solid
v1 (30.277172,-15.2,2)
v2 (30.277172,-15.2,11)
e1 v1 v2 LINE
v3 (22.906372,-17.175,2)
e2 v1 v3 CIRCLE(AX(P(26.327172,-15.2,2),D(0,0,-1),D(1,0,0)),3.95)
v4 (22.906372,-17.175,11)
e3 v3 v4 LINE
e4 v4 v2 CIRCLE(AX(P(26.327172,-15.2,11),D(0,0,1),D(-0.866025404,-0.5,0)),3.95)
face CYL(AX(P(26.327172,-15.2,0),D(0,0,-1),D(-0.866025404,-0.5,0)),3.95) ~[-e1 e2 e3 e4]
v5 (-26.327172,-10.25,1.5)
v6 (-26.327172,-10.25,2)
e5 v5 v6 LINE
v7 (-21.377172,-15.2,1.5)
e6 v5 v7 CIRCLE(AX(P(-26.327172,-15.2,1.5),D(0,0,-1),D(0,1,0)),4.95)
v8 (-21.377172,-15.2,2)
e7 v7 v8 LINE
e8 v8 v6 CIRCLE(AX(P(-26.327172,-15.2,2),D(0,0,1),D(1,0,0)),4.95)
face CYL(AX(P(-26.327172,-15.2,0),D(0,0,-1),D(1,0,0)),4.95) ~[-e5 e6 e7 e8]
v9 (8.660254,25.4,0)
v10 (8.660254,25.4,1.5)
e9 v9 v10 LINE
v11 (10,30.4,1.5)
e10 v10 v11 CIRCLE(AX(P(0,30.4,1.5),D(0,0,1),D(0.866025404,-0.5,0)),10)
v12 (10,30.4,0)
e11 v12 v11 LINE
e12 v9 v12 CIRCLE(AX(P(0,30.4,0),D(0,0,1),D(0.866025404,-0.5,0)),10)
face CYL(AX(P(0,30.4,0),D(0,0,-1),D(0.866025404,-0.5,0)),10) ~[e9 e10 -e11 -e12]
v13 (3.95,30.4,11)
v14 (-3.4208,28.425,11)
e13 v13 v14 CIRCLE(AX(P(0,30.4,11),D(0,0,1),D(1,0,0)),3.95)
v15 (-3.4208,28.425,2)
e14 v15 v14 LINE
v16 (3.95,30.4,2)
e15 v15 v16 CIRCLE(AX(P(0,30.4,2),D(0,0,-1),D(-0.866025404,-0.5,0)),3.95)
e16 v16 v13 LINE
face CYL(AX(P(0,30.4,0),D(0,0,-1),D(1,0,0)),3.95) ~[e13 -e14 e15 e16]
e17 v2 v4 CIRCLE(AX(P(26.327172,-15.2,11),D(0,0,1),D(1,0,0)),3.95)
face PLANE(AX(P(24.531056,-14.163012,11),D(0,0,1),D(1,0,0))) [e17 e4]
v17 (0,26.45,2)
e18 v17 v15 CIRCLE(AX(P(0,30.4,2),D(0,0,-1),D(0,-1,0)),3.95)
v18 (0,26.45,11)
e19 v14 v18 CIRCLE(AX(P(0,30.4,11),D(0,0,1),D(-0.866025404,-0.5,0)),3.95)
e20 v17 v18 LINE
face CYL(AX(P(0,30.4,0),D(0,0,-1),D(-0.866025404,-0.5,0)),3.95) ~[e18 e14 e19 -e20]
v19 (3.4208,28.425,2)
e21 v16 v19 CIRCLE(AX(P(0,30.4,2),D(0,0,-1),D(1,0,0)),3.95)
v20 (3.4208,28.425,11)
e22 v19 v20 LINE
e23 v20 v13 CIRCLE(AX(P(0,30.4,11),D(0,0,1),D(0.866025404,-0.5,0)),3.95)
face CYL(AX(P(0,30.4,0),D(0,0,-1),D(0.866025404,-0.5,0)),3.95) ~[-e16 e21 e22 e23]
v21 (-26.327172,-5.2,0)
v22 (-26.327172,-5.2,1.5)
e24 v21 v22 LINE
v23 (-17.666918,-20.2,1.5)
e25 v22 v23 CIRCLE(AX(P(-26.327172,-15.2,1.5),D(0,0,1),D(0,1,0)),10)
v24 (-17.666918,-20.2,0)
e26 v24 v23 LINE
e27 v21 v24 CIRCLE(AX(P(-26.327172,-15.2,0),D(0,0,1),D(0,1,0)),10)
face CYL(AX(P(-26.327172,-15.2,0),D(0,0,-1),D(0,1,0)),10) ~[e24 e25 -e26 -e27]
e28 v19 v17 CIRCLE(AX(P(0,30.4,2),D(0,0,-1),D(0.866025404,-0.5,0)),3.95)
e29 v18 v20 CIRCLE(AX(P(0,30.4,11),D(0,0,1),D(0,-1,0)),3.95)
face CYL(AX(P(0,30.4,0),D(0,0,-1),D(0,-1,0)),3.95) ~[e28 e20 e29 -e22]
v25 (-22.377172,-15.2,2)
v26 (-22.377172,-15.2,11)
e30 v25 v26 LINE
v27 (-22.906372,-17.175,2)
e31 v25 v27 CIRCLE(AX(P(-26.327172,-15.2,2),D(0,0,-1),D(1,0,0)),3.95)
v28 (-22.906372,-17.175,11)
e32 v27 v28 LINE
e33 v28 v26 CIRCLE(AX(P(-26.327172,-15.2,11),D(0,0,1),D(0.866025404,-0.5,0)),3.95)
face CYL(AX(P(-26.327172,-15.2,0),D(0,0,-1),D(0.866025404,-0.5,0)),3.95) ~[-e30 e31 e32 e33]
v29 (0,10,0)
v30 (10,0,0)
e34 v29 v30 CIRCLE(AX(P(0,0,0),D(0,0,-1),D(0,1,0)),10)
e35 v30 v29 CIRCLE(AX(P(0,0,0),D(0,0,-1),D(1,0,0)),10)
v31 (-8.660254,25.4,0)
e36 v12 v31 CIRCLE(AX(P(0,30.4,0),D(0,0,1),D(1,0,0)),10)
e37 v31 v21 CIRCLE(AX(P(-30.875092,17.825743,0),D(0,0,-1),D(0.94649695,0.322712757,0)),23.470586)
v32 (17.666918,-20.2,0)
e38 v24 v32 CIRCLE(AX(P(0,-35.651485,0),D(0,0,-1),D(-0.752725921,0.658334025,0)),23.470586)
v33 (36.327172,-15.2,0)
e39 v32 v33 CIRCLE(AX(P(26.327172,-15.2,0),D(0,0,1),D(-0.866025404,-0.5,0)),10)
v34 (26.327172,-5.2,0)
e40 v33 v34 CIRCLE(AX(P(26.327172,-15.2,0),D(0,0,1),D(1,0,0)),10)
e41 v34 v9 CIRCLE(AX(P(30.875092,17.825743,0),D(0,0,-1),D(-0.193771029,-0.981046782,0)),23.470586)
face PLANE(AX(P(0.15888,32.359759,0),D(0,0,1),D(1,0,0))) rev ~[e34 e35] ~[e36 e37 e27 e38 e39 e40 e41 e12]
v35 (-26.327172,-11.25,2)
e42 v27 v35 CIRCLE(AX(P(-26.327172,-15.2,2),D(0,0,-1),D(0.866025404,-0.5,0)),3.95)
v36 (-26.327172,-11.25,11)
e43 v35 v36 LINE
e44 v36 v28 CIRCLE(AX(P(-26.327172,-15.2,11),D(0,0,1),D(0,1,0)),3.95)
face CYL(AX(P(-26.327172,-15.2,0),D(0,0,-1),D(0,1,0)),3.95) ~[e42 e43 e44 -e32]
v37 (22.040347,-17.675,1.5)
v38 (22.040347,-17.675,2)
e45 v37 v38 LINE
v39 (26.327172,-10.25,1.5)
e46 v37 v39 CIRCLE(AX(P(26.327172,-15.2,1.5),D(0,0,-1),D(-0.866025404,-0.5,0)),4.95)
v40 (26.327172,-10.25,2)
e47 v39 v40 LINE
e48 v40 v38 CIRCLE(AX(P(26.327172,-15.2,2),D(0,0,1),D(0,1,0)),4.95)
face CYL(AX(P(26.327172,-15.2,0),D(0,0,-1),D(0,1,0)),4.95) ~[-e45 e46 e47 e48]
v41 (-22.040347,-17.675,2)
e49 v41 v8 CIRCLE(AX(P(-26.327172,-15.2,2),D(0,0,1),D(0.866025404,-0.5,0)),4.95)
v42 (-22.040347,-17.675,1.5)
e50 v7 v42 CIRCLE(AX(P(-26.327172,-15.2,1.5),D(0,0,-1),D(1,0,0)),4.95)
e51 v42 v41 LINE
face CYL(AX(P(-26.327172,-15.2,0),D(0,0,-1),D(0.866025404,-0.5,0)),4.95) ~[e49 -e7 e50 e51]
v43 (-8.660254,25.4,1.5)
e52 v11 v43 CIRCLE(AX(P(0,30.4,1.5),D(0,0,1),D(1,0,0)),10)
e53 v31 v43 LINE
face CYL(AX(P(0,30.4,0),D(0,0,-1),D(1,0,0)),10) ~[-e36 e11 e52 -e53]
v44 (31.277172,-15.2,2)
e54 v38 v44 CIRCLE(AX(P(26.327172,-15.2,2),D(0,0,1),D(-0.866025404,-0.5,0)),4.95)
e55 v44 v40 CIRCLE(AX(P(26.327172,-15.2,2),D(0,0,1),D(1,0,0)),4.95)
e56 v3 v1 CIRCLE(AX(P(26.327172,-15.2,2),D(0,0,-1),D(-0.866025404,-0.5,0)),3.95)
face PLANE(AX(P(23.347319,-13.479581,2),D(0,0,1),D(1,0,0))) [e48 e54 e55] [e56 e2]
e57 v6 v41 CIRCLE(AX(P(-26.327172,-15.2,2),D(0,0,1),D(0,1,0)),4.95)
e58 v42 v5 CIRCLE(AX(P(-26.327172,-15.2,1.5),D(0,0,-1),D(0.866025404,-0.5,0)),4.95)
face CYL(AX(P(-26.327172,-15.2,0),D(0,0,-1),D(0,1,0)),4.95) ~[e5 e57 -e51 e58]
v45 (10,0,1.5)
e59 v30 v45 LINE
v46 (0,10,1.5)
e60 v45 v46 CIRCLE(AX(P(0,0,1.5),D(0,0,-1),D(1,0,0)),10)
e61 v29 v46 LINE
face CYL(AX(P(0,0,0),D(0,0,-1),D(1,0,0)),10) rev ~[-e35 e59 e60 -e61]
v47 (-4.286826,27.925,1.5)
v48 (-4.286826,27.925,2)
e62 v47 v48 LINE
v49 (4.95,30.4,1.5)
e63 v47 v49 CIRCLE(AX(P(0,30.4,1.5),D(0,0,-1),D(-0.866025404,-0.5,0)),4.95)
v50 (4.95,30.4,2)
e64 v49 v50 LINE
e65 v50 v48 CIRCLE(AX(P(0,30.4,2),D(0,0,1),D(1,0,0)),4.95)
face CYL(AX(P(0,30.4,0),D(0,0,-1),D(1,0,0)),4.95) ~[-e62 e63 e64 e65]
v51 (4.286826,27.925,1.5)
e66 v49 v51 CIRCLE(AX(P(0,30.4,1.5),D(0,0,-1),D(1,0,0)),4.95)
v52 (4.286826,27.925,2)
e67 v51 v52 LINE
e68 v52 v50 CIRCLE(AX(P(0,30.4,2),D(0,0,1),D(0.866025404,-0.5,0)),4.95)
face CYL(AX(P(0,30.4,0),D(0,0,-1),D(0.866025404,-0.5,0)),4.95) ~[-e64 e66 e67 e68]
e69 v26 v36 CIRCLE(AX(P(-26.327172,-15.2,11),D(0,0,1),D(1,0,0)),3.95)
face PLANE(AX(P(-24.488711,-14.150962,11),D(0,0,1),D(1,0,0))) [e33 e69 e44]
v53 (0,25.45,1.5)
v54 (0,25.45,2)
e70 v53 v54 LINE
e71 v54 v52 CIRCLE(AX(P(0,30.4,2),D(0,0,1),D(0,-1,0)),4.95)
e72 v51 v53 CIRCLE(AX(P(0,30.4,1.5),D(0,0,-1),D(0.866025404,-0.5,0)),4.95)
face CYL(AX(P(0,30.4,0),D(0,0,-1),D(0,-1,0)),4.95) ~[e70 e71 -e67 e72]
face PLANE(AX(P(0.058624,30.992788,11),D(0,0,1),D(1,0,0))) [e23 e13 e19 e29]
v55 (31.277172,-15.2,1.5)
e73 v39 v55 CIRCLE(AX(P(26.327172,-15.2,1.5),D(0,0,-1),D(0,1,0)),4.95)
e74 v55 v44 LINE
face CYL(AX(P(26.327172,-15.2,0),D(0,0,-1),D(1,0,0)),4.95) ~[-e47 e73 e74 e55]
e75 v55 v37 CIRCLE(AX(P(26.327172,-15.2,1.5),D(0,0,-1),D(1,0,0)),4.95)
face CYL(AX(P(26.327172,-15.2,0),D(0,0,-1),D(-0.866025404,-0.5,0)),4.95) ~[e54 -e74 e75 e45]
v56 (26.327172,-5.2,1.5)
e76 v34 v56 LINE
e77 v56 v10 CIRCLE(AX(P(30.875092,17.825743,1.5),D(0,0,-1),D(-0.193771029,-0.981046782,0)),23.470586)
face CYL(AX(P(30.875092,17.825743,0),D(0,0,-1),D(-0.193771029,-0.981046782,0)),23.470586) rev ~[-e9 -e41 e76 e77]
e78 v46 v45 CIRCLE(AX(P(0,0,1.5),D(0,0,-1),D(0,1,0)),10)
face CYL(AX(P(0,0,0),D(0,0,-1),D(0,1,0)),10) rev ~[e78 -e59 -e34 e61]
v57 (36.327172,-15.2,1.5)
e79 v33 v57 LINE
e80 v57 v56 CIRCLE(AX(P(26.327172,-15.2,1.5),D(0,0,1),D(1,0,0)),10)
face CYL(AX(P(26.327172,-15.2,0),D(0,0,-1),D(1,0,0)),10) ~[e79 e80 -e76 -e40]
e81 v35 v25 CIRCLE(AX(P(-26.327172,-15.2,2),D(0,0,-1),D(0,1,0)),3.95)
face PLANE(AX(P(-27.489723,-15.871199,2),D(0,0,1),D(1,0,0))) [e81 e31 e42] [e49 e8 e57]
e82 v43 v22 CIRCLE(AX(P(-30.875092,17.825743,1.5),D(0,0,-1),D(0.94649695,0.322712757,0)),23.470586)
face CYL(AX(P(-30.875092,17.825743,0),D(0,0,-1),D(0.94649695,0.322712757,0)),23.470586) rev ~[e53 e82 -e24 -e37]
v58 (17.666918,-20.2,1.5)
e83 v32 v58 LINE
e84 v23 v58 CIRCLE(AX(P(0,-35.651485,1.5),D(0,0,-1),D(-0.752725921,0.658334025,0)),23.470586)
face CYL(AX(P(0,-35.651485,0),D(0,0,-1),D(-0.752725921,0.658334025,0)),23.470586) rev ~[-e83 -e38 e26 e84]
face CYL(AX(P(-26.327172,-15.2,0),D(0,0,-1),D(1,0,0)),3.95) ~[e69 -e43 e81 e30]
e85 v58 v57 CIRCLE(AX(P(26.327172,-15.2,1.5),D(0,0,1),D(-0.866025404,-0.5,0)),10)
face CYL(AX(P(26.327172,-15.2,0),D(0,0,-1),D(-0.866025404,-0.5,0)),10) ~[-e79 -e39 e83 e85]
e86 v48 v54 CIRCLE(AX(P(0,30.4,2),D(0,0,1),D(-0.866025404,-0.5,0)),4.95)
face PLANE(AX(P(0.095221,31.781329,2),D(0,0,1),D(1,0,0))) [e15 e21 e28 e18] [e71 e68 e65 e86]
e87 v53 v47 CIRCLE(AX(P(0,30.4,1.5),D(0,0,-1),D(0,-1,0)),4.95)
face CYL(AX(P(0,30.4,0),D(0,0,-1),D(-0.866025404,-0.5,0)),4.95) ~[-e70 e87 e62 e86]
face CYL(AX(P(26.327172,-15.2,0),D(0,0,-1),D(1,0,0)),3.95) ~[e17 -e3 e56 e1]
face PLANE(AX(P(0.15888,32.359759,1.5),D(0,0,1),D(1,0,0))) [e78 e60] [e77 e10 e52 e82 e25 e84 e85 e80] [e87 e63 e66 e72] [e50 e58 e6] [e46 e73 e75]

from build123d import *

# Parameters (mm, degrees)
F1_DEPTH = 1.5
F2_DEPTH = 2
F3_DEPTH = 11


with BuildPart() as f1:
    # F0 (on Top) → F1 (new body)
    with BuildSketch(Plane.XY):
        with BuildLine():
            ThreePointArc((10, 30.4), (-2.588190451, 40.0592582629), (-8.6602540378, 25.4))
            Line((-8.6602540378, 25.4), (-4.2868257487, 27.925))
            ThreePointArc((-4.2868257487, 27.925), (-1.2811542733, 35.1813328401), (4.95, 30.4))
            ThreePointArc((4.95, 30.4), (4.7813328401, 29.1188457267), (4.2868257487, 27.925))
            Line((4.2868257487, 27.925), (8.6602540378, 25.4))
            ThreePointArc((8.6602540378, 25.4), (9.6592582629, 27.811809549), (10, 30.4))
        make_face()
        with BuildLine():
            Line((0, 25.45), (0, 20.4))
            ThreePointArc((0, 20.4), (5, 21.7397459622), (8.6602540378, 25.4))
            Line((8.6602540378, 25.4), (4.2868257487, 27.925))
            ThreePointArc((4.2868257487, 27.925), (2.475, 26.1131742513), (0, 25.45))
        make_face()
        with BuildLine():
            ThreePointArc((-8.6602540378, 25.4), (-5, 21.7397459622), (0, 20.4))
            Line((0, 20.4), (0, 25.45))
            ThreePointArc((0, 25.45), (-2.475, 26.1131742513), (-4.2868257487, 27.925))
            Line((-4.2868257487, 27.925), (-8.6602540378, 25.4))
        make_face()
        with BuildLine():
            ThreePointArc((8.6602540378, 25.4), (5, 21.7397459622), (0, 20.4))
            ThreePointArc((0, 20.4), (-5, 21.7397459622), (-8.6602540378, 25.4))
            ThreePointArc((-8.6602540378, 25.4), (-10.5489683598, 6.0904497222), (-26.327172275, -5.2))
            ThreePointArc((-26.327172275, -5.2), (-19.2561044632, -8.1289321881), (-16.327172275, -15.2))
            ThreePointArc((-16.327172275, -15.2), (-16.6679140122, -17.788190451), (-17.6669182372, -20.2))
            ThreePointArc((-17.6669182372, -20.2), (0, -12.1808994444), (17.6669182372, -20.2))
            ThreePointArc((17.6669182372, -20.2), (17.6669182372, -10.2), (26.327172275, -5.2))
            ThreePointArc((26.327172275, -5.2), (10.5489683598, 6.0904497222), (8.6602540378, 25.4))
        make_face()
        with BuildLine():
            ThreePointArc((0, 10), (7.0710678119, 7.0710678119), (10, 0))
            ThreePointArc((10, 0), (-7.0710678119, -7.0710678119), (0, 10))
        make_face(mode=Mode.SUBTRACT)
        with BuildLine():
            ThreePointArc((-16.327172275, -15.2), (-19.2561044632, -8.1289321881), (-26.327172275, -5.2))
            Line((-26.327172275, -5.2), (-26.327172275, -10.25))
            ThreePointArc((-26.327172275, -10.25), (-22.8269937082, -11.6998214331), (-21.377172275, -15.2))
            ThreePointArc((-21.377172275, -15.2), (-21.5458394349, -16.4811542733), (-22.0403465263, -17.675))
            Line((-22.0403465263, -17.675), (-17.6669182372, -20.2))
            ThreePointArc((-17.6669182372, -20.2), (-16.6679140122, -17.788190451), (-16.327172275, -15.2))
        make_face()
        with BuildLine():
            Line((-26.327172275, -10.25), (-26.327172275, -5.2))
            ThreePointArc((-26.327172275, -5.2), (-34.9874263129, -20.2), (-17.6669182372, -20.2))
            Line((-17.6669182372, -20.2), (-22.0403465263, -17.675))
            ThreePointArc((-22.0403465263, -17.675), (-30.6139980238, -17.675), (-26.327172275, -10.25))
        make_face()
        with BuildLine():
            ThreePointArc((36.327172275, -15.2), (33.3982400869, -8.1289321881), (26.327172275, -5.2))
            Line((26.327172275, -5.2), (26.327172275, -10.25))
            ThreePointArc((26.327172275, -10.25), (29.8273508419, -11.6998214331), (31.277172275, -15.2))
            ThreePointArc((31.277172275, -15.2), (27.6083265483, -19.9813328401), (22.0403465263, -17.675))
            Line((22.0403465263, -17.675), (17.6669182372, -20.2))
            ThreePointArc((17.6669182372, -20.2), (28.9153627261, -24.8592582629), (36.327172275, -15.2))
        make_face()
        with BuildLine():
            Line((26.327172275, -10.25), (26.327172275, -5.2))
            ThreePointArc((26.327172275, -5.2), (17.6669182372, -10.2), (17.6669182372, -20.2))
            Line((17.6669182372, -20.2), (22.0403465263, -17.675))
            ThreePointArc((22.0403465263, -17.675), (22.0403465263, -12.725), (26.327172275, -10.25))
        make_face()
    extrude(amount=F1_DEPTH)

    # F0 (on Top) → F2 (join)
    with BuildSketch(Plane.XY):
        with BuildLine():
            ThreePointArc((4.95, 30.4), (-1.2811542733, 35.1813328401), (-4.2868257487, 27.925))
            Line((-4.2868257487, 27.925), (-3.4208003449, 28.425))
            ThreePointArc((-3.4208003449, 28.425), (-1.0223352282, 34.2154070138), (3.95, 30.4))
            ThreePointArc((3.95, 30.4), (3.8154070138, 29.3776647718), (3.4208003449, 28.425))
            Line((3.4208003449, 28.425), (4.2868257487, 27.925))
            ThreePointArc((4.2868257487, 27.925), (4.7813328401, 29.1188457267), (4.95, 30.4))
        make_face()
        with BuildLine():
            ThreePointArc((-4.2868257487, 27.925), (-2.475, 26.1131742513), (0, 25.45))
            Line((0, 25.45), (0, 26.45))
            ThreePointArc((0, 26.45), (-1.975, 26.9791996551), (-3.4208003449, 28.425))
            Line((-3.4208003449, 28.425), (-4.2868257487, 27.925))
        make_face()
        with BuildLine():
            Line((0, 26.45), (0, 25.45))
            ThreePointArc((0, 25.45), (2.475, 26.1131742513), (4.2868257487, 27.925))
            Line((4.2868257487, 27.925), (3.4208003449, 28.425))
            ThreePointArc((3.4208003449, 28.425), (1.975, 26.9791996551), (0, 26.45))
        make_face()
        with BuildLine():
            Line((26.327172275, -11.25), (26.327172275, -10.25))
            ThreePointArc((26.327172275, -10.25), (22.0403465263, -12.725), (22.0403465263, -17.675))
            Line((22.0403465263, -17.675), (22.9063719301, -17.175))
            ThreePointArc((22.9063719301, -17.175), (22.9063719301, -13.225), (26.327172275, -11.25))
        make_face()
        with BuildLine():
            ThreePointArc((31.277172275, -15.2), (29.8273508419, -11.6998214331), (26.327172275, -10.25))
            Line((26.327172275, -10.25), (26.327172275, -11.25))
            ThreePointArc((26.327172275, -11.25), (29.1202440607, -12.4069282143), (30.277172275, -15.2))
            ThreePointArc((30.277172275, -15.2), (27.3495075032, -19.0154070138), (22.9063719301, -17.175))
            Line((22.9063719301, -17.175), (22.0403465263, -17.675))
            ThreePointArc((22.0403465263, -17.675), (27.6083265483, -19.9813328401), (31.277172275, -15.2))
        make_face()
        with BuildLine():
            Line((-26.327172275, -11.25), (-26.327172275, -10.25))
            ThreePointArc((-26.327172275, -10.25), (-30.6139980238, -17.675), (-22.0403465263, -17.675))
            Line((-22.0403465263, -17.675), (-22.9063719301, -17.175))
            ThreePointArc((-22.9063719301, -17.175), (-29.74797262, -17.175), (-26.327172275, -11.25))
        make_face()
        with BuildLine():
            ThreePointArc((-21.377172275, -15.2), (-22.8269937082, -11.6998214331), (-26.327172275, -10.25))
            Line((-26.327172275, -10.25), (-26.327172275, -11.25))
            ThreePointArc((-26.327172275, -11.25), (-23.5341004894, -12.4069282143), (-22.377172275, -15.2))
            ThreePointArc((-22.377172275, -15.2), (-22.5117652612, -16.2223352282), (-22.9063719301, -17.175))
            Line((-22.9063719301, -17.175), (-22.0403465263, -17.675))
            ThreePointArc((-22.0403465263, -17.675), (-21.5458394349, -16.4811542733), (-21.377172275, -15.2))
        make_face()
    extrude(amount=F2_DEPTH)

    # F0 (on Top) → F3 (join)
    with BuildSketch(Plane.XY):
        with BuildLine():
            Line((-3.4208003449, 28.425), (0, 30.4))
            Line((0, 30.4), (3.4208003449, 28.425))
            ThreePointArc((3.4208003449, 28.425), (3.8154070138, 29.3776647718), (3.95, 30.4))
            ThreePointArc((3.95, 30.4), (-1.0223352282, 34.2154070138), (-3.4208003449, 28.425))
        make_face()
        with BuildLine():
            ThreePointArc((-3.4208003449, 28.425), (-1.975, 26.9791996551), (0, 26.45))
            Line((0, 26.45), (0, 30.4))
            Line((0, 30.4), (-3.4208003449, 28.425))
        make_face()
        with BuildLine():
            Line((0, 30.4), (0, 26.45))
            ThreePointArc((0, 26.45), (1.975, 26.9791996551), (3.4208003449, 28.425))
            Line((3.4208003449, 28.425), (0, 30.4))
        make_face()
        with BuildLine():
            ThreePointArc((-22.377172275, -15.2), (-23.5341004894, -12.4069282143), (-26.327172275, -11.25))
            Line((-26.327172275, -11.25), (-26.327172275, -15.2))
            Line((-26.327172275, -15.2), (-22.9063719301, -17.175))
            ThreePointArc((-22.9063719301, -17.175), (-22.5117652612, -16.2223352282), (-22.377172275, -15.2))
        make_face()
        with BuildLine():
            Line((-26.327172275, -15.2), (-26.327172275, -11.25))
            ThreePointArc((-26.327172275, -11.25), (-29.74797262, -17.175), (-22.9063719301, -17.175))
            Line((-22.9063719301, -17.175), (-26.327172275, -15.2))
        make_face()
        with BuildLine():
            Line((26.327172275, -15.2), (26.327172275, -11.25))
            ThreePointArc((26.327172275, -11.25), (22.9063719301, -13.225), (22.9063719301, -17.175))
            Line((22.9063719301, -17.175), (26.327172275, -15.2))
        make_face()
        with BuildLine():
            ThreePointArc((30.277172275, -15.2), (29.1202440607, -12.4069282143), (26.327172275, -11.25))
            Line((26.327172275, -11.25), (26.327172275, -15.2))
            Line((26.327172275, -15.2), (22.9063719301, -17.175))
            ThreePointArc((22.9063719301, -17.175), (27.3495075032, -19.0154070138), (30.277172275, -15.2))
        make_face()
    extrude(amount=F3_DEPTH)


solid = f1.part
